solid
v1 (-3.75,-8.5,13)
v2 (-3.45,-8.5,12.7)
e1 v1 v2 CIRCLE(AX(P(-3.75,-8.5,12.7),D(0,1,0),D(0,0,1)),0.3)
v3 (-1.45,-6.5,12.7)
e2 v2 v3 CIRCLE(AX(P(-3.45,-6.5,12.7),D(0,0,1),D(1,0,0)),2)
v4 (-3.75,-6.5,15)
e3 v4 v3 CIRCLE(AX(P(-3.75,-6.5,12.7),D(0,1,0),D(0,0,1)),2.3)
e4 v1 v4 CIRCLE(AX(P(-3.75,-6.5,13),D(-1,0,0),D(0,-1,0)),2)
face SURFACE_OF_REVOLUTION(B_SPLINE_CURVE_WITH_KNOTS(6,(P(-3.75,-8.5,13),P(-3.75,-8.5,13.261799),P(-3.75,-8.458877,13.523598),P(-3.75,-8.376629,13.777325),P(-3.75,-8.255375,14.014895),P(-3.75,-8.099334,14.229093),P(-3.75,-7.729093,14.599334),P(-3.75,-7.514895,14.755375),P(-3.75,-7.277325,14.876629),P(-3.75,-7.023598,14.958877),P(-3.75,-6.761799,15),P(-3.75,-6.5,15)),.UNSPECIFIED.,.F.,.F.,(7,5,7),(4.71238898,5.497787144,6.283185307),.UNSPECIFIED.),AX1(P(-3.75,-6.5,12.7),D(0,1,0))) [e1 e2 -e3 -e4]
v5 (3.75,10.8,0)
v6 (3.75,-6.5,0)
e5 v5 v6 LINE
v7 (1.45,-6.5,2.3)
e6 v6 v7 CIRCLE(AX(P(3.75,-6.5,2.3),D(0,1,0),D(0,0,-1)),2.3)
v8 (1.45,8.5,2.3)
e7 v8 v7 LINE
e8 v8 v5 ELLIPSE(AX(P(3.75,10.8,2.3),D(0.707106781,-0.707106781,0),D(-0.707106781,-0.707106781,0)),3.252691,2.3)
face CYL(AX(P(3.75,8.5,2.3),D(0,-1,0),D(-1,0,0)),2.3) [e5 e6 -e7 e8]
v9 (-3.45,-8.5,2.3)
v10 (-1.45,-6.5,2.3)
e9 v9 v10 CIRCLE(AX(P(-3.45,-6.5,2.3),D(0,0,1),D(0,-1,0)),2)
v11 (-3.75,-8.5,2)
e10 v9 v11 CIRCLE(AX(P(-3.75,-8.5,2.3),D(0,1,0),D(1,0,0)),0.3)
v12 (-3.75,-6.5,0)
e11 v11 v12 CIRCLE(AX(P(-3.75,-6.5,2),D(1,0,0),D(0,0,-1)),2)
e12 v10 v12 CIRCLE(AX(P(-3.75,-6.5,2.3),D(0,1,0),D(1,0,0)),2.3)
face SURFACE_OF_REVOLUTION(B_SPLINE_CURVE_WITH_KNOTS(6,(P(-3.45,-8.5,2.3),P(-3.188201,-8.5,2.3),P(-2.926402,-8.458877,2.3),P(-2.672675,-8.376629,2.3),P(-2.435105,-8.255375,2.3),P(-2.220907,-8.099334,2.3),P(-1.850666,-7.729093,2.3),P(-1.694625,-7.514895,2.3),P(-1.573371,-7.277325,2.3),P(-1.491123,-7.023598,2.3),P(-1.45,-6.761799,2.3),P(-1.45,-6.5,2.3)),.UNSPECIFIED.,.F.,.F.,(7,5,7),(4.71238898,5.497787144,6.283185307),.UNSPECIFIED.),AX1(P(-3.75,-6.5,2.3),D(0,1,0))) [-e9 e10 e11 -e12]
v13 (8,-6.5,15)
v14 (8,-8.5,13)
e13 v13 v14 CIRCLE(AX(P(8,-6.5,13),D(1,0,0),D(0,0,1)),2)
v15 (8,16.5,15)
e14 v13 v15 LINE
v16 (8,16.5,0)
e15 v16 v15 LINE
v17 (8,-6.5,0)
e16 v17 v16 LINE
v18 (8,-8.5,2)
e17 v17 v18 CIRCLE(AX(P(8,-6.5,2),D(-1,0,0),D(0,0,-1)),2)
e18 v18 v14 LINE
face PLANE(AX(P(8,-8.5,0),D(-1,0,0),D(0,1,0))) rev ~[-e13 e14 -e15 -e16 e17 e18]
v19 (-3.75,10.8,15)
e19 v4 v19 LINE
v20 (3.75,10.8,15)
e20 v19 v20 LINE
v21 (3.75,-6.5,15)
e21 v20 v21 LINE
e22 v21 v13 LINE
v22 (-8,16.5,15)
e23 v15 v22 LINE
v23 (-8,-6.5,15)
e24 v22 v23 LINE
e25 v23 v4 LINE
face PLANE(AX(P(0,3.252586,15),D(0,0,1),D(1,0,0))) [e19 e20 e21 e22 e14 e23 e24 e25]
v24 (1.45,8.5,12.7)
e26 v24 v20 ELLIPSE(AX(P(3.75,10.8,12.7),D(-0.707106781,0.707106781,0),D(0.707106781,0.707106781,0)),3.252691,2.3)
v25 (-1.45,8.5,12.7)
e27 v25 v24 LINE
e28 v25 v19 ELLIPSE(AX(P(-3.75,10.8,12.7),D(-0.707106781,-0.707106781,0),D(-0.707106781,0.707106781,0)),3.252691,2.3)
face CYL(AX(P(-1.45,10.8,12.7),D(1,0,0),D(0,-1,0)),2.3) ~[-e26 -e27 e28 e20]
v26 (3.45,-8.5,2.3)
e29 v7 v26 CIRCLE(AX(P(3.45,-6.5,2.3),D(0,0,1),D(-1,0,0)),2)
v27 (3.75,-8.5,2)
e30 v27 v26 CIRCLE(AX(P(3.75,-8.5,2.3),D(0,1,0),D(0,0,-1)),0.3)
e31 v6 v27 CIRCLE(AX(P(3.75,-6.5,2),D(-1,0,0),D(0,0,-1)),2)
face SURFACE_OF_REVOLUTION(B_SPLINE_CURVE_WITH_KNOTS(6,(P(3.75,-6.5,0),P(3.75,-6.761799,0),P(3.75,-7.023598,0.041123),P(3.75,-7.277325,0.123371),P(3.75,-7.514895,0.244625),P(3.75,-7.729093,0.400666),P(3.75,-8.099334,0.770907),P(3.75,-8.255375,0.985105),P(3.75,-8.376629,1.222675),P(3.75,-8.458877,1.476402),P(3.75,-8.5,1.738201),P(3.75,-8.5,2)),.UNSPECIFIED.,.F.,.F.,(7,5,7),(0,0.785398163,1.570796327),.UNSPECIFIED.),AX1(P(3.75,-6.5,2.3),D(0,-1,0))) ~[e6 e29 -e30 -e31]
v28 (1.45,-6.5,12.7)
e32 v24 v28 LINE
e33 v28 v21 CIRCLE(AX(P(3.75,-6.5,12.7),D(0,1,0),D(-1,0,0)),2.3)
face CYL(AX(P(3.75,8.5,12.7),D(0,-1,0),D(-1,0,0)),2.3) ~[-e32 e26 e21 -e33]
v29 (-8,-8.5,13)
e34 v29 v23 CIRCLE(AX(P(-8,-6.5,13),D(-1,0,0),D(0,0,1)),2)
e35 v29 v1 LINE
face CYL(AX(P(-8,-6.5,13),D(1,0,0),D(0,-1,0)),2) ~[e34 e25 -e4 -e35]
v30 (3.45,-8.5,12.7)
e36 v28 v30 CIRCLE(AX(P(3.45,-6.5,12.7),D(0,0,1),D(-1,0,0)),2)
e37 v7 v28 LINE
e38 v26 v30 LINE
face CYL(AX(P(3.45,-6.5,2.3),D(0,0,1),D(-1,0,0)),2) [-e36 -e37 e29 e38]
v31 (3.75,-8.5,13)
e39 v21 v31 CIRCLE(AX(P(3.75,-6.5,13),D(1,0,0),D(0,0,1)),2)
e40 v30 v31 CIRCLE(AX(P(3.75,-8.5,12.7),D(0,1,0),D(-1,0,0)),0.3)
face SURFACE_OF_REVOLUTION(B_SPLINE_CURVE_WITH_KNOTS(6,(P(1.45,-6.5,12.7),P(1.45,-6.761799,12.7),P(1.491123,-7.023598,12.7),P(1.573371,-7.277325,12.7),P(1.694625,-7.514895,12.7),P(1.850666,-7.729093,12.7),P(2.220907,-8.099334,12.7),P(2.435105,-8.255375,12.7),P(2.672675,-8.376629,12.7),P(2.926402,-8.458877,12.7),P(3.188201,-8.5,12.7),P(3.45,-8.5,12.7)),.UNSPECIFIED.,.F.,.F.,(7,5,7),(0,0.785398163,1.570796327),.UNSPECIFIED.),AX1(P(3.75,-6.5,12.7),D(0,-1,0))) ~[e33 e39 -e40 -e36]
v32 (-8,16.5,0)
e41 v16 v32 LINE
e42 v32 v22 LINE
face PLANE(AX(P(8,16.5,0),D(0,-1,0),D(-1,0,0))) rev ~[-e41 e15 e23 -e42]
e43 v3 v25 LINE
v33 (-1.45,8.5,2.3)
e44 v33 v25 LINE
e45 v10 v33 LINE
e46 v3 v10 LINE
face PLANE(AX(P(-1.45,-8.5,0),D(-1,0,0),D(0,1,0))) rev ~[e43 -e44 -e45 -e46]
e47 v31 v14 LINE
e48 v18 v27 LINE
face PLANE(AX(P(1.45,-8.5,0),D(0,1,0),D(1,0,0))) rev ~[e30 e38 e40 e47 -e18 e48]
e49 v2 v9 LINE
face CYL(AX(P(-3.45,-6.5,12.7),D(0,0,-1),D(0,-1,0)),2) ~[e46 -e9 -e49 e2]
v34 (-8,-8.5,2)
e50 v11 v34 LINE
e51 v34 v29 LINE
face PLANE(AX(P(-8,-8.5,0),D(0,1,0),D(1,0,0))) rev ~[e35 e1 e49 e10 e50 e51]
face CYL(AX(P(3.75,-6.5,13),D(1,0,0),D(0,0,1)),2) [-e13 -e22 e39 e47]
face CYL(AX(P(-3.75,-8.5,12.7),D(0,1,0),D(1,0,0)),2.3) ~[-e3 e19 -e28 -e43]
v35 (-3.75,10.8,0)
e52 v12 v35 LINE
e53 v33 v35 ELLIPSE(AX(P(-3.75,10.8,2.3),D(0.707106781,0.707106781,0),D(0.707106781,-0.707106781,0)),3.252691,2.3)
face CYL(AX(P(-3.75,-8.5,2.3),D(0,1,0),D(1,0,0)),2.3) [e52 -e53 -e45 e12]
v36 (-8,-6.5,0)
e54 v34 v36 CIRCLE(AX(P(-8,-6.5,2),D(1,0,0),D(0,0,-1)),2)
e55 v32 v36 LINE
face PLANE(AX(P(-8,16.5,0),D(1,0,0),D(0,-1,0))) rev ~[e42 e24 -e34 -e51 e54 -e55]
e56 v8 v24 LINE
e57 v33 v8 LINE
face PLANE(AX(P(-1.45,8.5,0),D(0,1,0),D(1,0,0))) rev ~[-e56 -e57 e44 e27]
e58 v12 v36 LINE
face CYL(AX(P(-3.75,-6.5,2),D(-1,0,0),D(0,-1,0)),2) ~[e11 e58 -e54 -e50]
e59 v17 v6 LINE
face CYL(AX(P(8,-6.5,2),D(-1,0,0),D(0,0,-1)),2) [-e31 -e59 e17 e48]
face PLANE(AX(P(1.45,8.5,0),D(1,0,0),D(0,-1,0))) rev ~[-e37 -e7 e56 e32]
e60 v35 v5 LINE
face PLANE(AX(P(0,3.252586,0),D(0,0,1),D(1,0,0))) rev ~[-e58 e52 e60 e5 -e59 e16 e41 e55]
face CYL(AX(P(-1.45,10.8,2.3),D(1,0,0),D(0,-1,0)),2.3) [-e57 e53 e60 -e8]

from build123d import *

# Parameters (mm, degrees)
F1_DEPTH = 15
F2_R     = 2.3
F3_R     = 2


with BuildPart() as f1:
    # F0 (on Top) → F1 (new body)
    with BuildSketch(Plane.XY):
        Polygon((-1.45, 8.5), (1.45, 8.5), (1.45, -8.5), (8, -8.5), (8, 16.5), (0, 16.5), (-8, 16.5), (-8, -8.5), (-1.45, -8.5), align=None)
    extrude(amount=F1_DEPTH)

    # F2
    f2_edges = [f1.edges().sort_by_distance(p)[0] for p in [
        (-1.45, 0, 15),
        (0, 8.5, 15),
        (1.45, 0, 15),
        (1.45, 0, 0),
        (0, 8.5, 0),
        (-1.45, 0, 0),
    ]]
    fillet(f2_edges, radius=F2_R)

    # F3
    f3_edges = [f1.edges().sort_by_distance(p)[0] for p in [
        (-5.875, -8.5, 15),
        (5.875, -8.5, 15),
    ]]
    fillet(f3_edges, radius=F3_R)


solid = f1.part
